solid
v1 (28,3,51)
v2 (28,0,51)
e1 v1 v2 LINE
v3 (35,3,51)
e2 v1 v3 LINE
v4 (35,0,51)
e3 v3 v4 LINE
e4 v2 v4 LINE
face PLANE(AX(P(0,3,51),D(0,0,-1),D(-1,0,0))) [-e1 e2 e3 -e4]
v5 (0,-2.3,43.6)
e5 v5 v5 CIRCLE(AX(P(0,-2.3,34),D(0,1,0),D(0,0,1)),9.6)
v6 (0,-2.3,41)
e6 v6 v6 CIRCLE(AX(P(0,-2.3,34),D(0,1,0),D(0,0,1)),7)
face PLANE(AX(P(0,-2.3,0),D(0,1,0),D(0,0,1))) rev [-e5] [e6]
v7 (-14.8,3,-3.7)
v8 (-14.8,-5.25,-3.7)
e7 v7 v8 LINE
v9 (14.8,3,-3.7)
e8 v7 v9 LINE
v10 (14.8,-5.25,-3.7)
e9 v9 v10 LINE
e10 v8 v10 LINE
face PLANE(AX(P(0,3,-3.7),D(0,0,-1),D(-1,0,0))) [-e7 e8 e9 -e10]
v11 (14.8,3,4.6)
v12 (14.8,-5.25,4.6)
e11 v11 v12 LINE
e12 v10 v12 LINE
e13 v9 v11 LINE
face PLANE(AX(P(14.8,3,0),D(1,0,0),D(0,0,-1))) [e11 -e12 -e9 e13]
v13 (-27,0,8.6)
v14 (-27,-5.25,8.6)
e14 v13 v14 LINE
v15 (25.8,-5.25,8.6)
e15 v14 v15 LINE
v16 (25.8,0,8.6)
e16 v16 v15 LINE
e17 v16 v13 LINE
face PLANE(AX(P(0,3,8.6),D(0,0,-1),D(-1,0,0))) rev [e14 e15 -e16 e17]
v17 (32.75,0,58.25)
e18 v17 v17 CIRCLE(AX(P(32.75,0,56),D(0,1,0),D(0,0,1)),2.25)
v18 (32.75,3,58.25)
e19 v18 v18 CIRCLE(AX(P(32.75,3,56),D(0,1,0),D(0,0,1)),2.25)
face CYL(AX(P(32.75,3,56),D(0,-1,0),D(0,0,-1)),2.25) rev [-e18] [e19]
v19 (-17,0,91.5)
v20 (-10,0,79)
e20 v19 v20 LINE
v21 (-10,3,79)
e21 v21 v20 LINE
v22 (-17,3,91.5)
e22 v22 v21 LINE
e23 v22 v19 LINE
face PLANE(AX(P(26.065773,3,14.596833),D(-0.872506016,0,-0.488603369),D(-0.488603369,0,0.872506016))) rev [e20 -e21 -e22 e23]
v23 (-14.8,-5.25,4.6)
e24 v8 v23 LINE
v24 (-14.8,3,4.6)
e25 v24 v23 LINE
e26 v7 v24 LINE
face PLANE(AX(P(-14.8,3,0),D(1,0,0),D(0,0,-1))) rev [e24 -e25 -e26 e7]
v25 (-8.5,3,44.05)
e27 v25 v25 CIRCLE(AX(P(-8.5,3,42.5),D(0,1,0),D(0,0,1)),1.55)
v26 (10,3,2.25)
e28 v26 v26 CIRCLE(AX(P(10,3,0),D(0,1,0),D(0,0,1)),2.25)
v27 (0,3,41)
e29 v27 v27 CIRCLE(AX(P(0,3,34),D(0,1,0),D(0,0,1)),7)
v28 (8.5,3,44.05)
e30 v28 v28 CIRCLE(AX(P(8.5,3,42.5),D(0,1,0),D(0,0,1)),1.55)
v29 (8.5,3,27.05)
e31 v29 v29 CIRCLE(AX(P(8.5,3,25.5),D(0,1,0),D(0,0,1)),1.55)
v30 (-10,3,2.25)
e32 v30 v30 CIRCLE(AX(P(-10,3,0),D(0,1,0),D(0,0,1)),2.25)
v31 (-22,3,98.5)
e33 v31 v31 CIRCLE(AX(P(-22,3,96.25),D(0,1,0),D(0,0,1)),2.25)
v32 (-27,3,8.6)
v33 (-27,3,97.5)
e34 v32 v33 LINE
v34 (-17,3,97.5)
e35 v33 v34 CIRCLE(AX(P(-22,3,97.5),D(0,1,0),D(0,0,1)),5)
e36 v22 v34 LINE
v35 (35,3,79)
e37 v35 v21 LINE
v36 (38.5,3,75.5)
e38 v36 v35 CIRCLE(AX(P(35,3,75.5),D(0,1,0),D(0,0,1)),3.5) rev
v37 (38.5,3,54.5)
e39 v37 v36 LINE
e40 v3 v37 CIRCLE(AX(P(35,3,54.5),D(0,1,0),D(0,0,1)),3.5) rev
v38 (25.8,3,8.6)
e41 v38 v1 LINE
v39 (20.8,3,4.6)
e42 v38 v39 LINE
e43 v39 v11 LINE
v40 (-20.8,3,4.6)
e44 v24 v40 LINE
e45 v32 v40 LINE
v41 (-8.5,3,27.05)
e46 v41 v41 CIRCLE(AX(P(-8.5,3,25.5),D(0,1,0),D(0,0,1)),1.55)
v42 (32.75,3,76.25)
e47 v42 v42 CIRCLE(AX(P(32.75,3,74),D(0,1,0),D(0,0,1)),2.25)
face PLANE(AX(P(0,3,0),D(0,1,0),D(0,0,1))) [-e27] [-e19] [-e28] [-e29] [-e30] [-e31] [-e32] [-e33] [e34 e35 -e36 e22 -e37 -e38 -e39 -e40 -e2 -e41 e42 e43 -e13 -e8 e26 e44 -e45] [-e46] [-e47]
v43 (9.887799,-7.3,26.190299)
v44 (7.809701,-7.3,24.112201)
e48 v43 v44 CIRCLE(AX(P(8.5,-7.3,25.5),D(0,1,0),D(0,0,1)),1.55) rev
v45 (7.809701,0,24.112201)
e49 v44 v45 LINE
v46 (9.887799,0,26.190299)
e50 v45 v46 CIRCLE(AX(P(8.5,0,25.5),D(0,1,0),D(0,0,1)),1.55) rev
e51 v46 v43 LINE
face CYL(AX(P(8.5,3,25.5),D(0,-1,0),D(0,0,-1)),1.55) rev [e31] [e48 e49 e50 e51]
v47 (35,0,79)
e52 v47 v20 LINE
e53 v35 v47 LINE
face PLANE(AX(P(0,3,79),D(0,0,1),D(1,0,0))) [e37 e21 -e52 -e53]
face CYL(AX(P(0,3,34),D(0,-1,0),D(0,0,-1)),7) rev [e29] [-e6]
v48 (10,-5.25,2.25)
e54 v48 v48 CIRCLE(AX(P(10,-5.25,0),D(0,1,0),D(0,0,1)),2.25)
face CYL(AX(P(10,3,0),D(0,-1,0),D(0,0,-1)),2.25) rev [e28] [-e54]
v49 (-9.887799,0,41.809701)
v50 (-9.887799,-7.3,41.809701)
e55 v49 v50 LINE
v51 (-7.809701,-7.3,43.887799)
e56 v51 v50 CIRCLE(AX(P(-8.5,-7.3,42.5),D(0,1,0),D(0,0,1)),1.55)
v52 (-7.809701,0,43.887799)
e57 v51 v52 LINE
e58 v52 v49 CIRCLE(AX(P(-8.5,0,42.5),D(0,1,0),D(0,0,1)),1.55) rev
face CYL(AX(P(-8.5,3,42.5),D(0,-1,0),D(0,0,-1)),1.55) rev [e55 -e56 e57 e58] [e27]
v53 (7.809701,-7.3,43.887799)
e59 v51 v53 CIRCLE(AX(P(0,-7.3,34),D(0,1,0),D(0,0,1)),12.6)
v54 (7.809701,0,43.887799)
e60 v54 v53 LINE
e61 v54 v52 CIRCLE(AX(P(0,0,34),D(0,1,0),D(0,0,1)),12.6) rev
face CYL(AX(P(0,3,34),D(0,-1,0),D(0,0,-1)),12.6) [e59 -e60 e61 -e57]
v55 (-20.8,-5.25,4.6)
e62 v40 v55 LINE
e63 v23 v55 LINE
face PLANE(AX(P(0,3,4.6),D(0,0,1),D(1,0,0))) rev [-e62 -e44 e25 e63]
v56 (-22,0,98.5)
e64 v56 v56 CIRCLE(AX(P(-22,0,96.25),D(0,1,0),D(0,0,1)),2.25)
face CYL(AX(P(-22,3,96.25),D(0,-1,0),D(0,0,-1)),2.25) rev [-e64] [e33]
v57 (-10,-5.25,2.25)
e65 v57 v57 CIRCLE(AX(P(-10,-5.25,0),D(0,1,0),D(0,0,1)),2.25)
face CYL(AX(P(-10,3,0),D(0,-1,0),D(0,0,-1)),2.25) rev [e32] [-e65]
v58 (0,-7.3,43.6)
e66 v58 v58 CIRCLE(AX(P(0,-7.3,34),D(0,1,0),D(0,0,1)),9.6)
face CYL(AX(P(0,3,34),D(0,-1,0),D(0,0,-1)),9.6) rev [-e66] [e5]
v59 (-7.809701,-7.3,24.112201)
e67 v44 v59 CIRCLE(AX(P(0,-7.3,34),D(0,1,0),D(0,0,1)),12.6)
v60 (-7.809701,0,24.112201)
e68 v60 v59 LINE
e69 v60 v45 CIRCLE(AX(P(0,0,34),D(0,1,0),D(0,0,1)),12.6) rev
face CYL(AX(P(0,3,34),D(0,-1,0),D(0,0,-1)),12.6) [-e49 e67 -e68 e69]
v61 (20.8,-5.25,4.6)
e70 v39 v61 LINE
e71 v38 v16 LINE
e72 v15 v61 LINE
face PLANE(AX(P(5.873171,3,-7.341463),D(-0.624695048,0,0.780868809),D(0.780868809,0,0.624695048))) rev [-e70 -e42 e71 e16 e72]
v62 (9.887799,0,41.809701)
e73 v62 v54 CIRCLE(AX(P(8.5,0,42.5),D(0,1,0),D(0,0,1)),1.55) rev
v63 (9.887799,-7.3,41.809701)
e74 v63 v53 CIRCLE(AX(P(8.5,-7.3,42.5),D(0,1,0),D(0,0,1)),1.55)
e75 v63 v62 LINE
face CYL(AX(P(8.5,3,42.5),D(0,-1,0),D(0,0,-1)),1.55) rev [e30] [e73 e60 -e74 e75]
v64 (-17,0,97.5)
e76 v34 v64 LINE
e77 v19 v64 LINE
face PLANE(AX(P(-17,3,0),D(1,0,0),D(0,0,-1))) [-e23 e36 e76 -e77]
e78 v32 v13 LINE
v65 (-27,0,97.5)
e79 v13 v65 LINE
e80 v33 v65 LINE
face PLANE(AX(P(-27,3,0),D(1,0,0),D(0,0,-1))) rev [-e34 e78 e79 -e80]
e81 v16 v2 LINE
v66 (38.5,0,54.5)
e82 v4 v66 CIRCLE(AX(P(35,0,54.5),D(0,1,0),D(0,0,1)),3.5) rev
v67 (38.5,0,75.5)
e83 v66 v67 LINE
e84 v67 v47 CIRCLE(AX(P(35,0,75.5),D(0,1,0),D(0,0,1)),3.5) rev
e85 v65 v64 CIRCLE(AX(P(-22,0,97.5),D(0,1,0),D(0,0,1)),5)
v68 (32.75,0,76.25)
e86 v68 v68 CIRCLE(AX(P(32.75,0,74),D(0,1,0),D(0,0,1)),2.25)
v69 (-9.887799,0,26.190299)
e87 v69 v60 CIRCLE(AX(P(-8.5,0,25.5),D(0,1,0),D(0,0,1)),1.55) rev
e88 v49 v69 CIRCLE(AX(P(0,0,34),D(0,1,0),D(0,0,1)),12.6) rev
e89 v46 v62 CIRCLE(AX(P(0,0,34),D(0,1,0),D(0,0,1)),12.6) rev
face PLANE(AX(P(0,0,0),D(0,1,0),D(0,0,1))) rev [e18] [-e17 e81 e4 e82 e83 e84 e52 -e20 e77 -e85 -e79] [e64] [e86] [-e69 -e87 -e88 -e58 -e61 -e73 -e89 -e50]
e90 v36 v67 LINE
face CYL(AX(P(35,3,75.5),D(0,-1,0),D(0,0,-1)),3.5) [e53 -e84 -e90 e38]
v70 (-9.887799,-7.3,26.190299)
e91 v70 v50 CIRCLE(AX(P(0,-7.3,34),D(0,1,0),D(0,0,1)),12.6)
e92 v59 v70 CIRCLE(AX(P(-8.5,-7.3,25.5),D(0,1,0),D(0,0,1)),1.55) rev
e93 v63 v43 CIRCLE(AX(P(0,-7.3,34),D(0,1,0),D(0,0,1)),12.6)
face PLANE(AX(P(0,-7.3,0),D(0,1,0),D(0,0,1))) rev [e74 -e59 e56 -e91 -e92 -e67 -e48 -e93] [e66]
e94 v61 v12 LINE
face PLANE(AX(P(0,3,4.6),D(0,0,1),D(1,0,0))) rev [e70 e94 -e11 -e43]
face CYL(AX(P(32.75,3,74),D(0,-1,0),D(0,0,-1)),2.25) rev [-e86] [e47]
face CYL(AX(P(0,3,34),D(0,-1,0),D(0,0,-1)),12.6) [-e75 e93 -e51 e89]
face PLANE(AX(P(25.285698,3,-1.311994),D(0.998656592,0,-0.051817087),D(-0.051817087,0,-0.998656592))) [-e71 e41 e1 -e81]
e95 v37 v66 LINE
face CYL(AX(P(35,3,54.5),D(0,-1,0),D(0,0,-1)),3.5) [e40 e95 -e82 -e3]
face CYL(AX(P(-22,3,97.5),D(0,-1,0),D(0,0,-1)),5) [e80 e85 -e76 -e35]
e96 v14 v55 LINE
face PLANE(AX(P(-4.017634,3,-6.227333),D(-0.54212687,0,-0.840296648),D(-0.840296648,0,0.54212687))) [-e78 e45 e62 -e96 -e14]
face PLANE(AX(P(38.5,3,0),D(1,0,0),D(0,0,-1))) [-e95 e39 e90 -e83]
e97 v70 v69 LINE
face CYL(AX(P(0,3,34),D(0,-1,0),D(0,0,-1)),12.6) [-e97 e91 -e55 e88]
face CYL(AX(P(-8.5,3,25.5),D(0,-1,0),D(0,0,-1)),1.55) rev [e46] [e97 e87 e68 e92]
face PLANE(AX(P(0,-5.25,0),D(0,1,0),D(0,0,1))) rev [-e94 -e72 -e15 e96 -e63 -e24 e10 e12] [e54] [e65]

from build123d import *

# Parameters (mm, degrees)
SKETCH1_R                = 12.6
SKETCH1_R_2              = 2.25
BOSS_EXTRUDE1_DEPTH      = 3
BOSS_EXTRUDE2_DEPTH      = 3
BOSS_EXTRUDE2_DEPTH_BACK = 7.3
SKETCH1_23_R             = 12.6
SKETCH1_23_R_2           = 9.6
BOSS_EXTRUDE3_DEPTH      = 3
BOSS_EXTRUDE3_DEPTH_BACK = 2.3
SKETCH1_24_R             = 9.6
SKETCH1_24_R_2           = 7
CUT_EXTRUDE1_DEPTH       = 110.735090103
CUT_EXTRUDE1_DEPTH_BACK  = 110.735090103
SKETCH2_R                = 7
SKETCH2_R_2              = 1.55
BOSS_EXTRUDE4_DEPTH      = 3
BOSS_EXTRUDE4_DEPTH_BACK = 5.25
SKETCH1_25_R             = 2.25


with BuildPart() as part:
    # Sketch1 → Boss-Extrude1 (new body)
    with BuildSketch(Plane(origin=(0, 0, 0), x_dir=(1, 0, 0), z_dir=(0, 1, 0))):
        with BuildLine():
            Line((-20.8, -4.6), (-27, -8.6))
            Line((-27, -8.6), (-27, -97.5))
            ThreePointArc((-27, -97.5), (-22, -102.5), (-17, -97.5))
            Line((-17, -97.5), (-17, -91.5))
            Line((-17, -91.5), (-10, -79))
            Line((-10, -79), (35, -79))
            ThreePointArc((35, -79), (37.474873734, -77.974873734), (38.5, -75.5))
            Line((38.5, -75.5), (38.5, -54.5))
            ThreePointArc((38.5, -54.5), (37.474873734, -52.025126266), (35, -51))
            Line((35, -51), (28, -51))
            Line((28, -51), (25.8, -8.6))
            Line((25.8, -8.6), (20.8, -4.6))
            Line((20.8, -4.6), (-20.8, -4.6))
        make_face()
        with Locations((0, -34)):
            Circle(SKETCH1_R, mode=Mode.SUBTRACT)
        with Locations((32.75, -56)):
            Circle(SKETCH1_R_2, mode=Mode.SUBTRACT)
        with Locations((32.75, -74)):
            Circle(SKETCH1_R_2, mode=Mode.SUBTRACT)
        with Locations((-22, -96.25)):
            Circle(SKETCH1_R_2, mode=Mode.SUBTRACT)
    extrude(amount=BOSS_EXTRUDE1_DEPTH)

    # Sketch1<23> → Boss-Extrude2 (add, two sides: drawn at the far end of the back side and taken through both)
    with BuildSketch(Plane(origin=(0, 0, 0), x_dir=(1, 0, 0), z_dir=(0, 1, 0)).offset(-BOSS_EXTRUDE2_DEPTH_BACK)):
        with Locations((0, -34)):
            Circle(SKETCH1_23_R)
        with Locations((0, -34)):
            Circle(SKETCH1_23_R_2, mode=Mode.SUBTRACT)
    extrude(amount=BOSS_EXTRUDE2_DEPTH + BOSS_EXTRUDE2_DEPTH_BACK)

    # Sketch1<24> → Boss-Extrude3 (add, two sides: drawn at the far end of the back side and taken through both)
    with BuildSketch(Plane(origin=(0, 0, 0), x_dir=(1, 0, 0), z_dir=(0, 1, 0)).offset(-BOSS_EXTRUDE3_DEPTH_BACK)):
        with Locations((0, -34)):
            Circle(SKETCH1_24_R)
        with Locations((0, -34)):
            Circle(SKETCH1_24_R_2, mode=Mode.SUBTRACT)
    extrude(amount=BOSS_EXTRUDE3_DEPTH + BOSS_EXTRUDE3_DEPTH_BACK)

    # Sketch2 → Cut-Extrude1 (cut, two sides: drawn at the far end of the back side and taken through both)
    with BuildSketch(Plane(origin=(0, 0, 0), x_dir=(1, 0, 0), z_dir=(0, 1, 0)).offset(-CUT_EXTRUDE1_DEPTH_BACK)):
        with Locations((0, -34)):
            Circle(SKETCH2_R)
        with Locations((-8.5, -25.5)):
            Circle(SKETCH2_R_2)
        with Locations((8.5, -25.5)):
            Circle(SKETCH2_R_2)
        with Locations((8.5, -42.5)):
            Circle(SKETCH2_R_2)
        with Locations((-8.5, -42.5)):
            Circle(SKETCH2_R_2)
    extrude(amount=CUT_EXTRUDE1_DEPTH + CUT_EXTRUDE1_DEPTH_BACK, mode=Mode.SUBTRACT)

    # Sketch1<25> → Boss-Extrude4 (add, two sides: drawn at the far end of the back side and taken through both)
    with BuildSketch(Plane(origin=(0, 0, 0), x_dir=(1, 0, 0), z_dir=(0, 1, 0)).offset(-BOSS_EXTRUDE4_DEPTH_BACK)):
        Polygon((14.8, 3.7), (-14.8, 3.7), (-14.8, -4.6), (-20.8, -4.6), (-27, -8.6), (25.8, -8.6), (20.8, -4.6), (14.8, -4.6), align=None)
        with Locations((-10, 0)):
            Circle(SKETCH1_25_R, mode=Mode.SUBTRACT)
        with Locations((10, 0)):
            Circle(SKETCH1_25_R, mode=Mode.SUBTRACT)
    extrude(amount=BOSS_EXTRUDE4_DEPTH + BOSS_EXTRUDE4_DEPTH_BACK)


solid = part.part
